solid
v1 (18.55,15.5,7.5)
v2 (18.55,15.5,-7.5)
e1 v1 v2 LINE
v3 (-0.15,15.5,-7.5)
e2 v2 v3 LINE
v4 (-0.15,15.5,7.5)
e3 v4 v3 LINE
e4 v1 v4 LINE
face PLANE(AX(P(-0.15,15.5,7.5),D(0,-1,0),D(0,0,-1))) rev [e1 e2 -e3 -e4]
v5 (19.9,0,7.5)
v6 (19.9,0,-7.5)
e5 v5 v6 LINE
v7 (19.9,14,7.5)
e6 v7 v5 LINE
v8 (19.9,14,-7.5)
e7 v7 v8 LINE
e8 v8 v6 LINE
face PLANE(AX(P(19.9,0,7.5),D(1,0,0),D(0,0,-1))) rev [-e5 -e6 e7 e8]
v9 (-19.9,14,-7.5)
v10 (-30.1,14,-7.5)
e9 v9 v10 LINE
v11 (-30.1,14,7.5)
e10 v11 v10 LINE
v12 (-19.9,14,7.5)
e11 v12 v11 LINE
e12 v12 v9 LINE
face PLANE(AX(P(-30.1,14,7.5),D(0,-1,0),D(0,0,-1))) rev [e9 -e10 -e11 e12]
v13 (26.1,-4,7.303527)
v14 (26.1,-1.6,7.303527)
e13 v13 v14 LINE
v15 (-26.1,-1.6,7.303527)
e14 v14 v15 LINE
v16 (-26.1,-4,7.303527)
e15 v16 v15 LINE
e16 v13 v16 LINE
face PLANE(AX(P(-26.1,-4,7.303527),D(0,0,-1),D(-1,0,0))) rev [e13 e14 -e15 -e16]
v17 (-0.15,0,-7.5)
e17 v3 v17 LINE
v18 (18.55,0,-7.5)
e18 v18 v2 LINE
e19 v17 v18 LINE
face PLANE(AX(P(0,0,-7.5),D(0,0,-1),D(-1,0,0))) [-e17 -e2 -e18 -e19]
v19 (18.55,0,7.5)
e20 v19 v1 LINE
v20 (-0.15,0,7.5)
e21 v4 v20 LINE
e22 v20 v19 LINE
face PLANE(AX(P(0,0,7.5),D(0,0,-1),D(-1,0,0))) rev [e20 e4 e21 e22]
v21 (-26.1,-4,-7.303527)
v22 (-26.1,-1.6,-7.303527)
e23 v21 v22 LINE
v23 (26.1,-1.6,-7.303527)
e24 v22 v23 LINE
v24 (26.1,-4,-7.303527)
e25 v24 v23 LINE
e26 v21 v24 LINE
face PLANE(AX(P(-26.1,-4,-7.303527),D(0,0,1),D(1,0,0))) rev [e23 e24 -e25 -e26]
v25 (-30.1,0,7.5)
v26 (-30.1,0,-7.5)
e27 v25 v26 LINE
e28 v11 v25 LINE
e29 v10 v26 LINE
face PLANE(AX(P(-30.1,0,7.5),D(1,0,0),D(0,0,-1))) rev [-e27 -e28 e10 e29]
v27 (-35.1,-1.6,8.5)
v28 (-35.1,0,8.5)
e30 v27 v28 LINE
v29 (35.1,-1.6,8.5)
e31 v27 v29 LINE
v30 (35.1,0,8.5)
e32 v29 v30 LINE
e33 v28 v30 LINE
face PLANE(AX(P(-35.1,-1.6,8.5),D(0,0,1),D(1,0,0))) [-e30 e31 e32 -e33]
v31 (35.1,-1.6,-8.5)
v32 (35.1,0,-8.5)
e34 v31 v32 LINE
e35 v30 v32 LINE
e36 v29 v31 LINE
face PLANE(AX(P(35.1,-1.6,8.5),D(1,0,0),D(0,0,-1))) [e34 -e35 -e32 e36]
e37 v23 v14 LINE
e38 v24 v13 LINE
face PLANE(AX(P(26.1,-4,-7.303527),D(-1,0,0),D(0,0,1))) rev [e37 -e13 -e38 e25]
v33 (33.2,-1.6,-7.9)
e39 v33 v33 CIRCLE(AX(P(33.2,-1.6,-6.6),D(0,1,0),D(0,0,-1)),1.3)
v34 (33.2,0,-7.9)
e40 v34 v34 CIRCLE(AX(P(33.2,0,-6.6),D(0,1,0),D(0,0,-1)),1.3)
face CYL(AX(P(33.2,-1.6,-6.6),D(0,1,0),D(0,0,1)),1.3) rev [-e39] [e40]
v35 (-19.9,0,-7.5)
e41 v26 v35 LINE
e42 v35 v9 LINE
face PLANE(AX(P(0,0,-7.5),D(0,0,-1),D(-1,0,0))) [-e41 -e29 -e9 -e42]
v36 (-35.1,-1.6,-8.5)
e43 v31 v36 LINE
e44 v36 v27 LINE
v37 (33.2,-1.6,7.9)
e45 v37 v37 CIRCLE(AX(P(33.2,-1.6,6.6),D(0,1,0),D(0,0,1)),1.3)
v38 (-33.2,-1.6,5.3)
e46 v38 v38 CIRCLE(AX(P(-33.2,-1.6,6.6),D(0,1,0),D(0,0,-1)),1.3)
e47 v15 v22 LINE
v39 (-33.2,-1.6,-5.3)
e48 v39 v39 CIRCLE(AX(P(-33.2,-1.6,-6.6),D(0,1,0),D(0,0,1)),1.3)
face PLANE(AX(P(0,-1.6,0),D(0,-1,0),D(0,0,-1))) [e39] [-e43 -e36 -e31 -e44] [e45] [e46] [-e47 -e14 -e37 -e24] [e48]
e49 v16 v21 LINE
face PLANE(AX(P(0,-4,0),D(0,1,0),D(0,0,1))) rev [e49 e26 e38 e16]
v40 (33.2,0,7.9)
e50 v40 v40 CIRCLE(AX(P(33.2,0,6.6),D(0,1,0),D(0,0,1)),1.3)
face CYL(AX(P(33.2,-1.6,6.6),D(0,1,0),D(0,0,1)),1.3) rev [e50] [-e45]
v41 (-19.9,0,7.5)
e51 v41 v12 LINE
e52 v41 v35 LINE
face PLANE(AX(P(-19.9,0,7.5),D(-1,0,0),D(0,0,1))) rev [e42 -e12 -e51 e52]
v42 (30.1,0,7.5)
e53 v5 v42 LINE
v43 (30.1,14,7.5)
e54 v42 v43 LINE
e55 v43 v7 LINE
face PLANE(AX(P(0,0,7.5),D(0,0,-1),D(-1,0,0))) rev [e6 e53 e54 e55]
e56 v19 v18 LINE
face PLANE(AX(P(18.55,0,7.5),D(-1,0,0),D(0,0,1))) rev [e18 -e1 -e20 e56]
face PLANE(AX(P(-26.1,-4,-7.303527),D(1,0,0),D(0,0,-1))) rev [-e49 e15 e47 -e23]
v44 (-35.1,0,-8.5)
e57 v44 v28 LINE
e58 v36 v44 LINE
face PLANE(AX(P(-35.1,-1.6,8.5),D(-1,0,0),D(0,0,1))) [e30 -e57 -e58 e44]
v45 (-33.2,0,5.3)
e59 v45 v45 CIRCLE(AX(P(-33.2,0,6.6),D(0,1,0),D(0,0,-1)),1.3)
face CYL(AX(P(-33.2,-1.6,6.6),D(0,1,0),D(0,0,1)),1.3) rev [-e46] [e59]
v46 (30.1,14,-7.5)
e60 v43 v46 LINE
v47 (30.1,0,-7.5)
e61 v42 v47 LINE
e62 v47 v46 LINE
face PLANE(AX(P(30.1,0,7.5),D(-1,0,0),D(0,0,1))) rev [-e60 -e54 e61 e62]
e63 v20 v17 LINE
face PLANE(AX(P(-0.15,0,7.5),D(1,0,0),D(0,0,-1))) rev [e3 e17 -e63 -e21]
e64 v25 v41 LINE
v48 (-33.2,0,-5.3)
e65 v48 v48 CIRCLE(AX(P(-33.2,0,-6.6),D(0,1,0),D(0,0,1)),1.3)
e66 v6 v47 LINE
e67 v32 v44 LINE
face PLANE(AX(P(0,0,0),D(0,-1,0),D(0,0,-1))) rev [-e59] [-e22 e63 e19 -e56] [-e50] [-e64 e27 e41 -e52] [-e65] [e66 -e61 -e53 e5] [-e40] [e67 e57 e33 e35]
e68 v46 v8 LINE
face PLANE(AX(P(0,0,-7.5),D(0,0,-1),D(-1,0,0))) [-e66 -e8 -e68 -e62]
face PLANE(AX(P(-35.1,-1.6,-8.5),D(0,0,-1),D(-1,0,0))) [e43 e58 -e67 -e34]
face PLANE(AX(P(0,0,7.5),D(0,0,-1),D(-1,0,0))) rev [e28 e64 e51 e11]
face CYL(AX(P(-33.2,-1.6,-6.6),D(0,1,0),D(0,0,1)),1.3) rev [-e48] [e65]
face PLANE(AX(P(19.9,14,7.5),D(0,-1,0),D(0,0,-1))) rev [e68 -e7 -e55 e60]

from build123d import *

# Parameters (mm, degrees)
SKETCH1_W           = 70.2
SKETCH1_H           = 17
SKETCH1_R           = 1.3
BOSS_EXTRUDE1_DEPTH = 1.6
SKETCH2_W           = 18.7
SKETCH2_H           = 15.5
SKETCH2_W_2         = 10.2
SKETCH2_H_2         = 14
BOSS_EXTRUDE2_DEPTH = 7.5
SKETCH3_W           = 52.2
SKETCH3_H           = 14.607054818
BOSS_EXTRUDE3_DEPTH = 2.4


with BuildPart() as part:
    # Sketch1 → Boss-Extrude1 (new body)
    with BuildSketch(Plane(origin=(0, 0, 0), x_dir=(1, 0, 0), z_dir=(0, 1, 0))):
        Rectangle(SKETCH1_W, SKETCH1_H)
        with Locations((-33.2, 6.6)):
            Circle(SKETCH1_R, mode=Mode.SUBTRACT)
        with Locations((33.2, 6.6)):
            Circle(SKETCH1_R, mode=Mode.SUBTRACT)
        with Locations((33.2, -6.6)):
            Circle(SKETCH1_R, mode=Mode.SUBTRACT)
        with Locations((-33.2, -6.6)):
            Circle(SKETCH1_R, mode=Mode.SUBTRACT)
    extrude(amount=-BOSS_EXTRUDE1_DEPTH)

    # Sketch2 → Boss-Extrude2 (add, symmetric)
    with BuildSketch(Plane.XY):
        with Locations((9.2, 7.75)):
            Rectangle(SKETCH2_W, SKETCH2_H)
        with Locations((25, 7)):
            Rectangle(SKETCH2_W_2, SKETCH2_H_2)
        with Locations((-25, 7)):
            Rectangle(SKETCH2_W_2, SKETCH2_H_2)
    extrude(amount=BOSS_EXTRUDE2_DEPTH, both=True)

    # Sketch3 → Boss-Extrude3 (add)
    with BuildSketch(Plane.XZ.offset(1.6)):
        Rectangle(SKETCH3_W, SKETCH3_H)
    extrude(amount=BOSS_EXTRUDE3_DEPTH)


solid = part.part
